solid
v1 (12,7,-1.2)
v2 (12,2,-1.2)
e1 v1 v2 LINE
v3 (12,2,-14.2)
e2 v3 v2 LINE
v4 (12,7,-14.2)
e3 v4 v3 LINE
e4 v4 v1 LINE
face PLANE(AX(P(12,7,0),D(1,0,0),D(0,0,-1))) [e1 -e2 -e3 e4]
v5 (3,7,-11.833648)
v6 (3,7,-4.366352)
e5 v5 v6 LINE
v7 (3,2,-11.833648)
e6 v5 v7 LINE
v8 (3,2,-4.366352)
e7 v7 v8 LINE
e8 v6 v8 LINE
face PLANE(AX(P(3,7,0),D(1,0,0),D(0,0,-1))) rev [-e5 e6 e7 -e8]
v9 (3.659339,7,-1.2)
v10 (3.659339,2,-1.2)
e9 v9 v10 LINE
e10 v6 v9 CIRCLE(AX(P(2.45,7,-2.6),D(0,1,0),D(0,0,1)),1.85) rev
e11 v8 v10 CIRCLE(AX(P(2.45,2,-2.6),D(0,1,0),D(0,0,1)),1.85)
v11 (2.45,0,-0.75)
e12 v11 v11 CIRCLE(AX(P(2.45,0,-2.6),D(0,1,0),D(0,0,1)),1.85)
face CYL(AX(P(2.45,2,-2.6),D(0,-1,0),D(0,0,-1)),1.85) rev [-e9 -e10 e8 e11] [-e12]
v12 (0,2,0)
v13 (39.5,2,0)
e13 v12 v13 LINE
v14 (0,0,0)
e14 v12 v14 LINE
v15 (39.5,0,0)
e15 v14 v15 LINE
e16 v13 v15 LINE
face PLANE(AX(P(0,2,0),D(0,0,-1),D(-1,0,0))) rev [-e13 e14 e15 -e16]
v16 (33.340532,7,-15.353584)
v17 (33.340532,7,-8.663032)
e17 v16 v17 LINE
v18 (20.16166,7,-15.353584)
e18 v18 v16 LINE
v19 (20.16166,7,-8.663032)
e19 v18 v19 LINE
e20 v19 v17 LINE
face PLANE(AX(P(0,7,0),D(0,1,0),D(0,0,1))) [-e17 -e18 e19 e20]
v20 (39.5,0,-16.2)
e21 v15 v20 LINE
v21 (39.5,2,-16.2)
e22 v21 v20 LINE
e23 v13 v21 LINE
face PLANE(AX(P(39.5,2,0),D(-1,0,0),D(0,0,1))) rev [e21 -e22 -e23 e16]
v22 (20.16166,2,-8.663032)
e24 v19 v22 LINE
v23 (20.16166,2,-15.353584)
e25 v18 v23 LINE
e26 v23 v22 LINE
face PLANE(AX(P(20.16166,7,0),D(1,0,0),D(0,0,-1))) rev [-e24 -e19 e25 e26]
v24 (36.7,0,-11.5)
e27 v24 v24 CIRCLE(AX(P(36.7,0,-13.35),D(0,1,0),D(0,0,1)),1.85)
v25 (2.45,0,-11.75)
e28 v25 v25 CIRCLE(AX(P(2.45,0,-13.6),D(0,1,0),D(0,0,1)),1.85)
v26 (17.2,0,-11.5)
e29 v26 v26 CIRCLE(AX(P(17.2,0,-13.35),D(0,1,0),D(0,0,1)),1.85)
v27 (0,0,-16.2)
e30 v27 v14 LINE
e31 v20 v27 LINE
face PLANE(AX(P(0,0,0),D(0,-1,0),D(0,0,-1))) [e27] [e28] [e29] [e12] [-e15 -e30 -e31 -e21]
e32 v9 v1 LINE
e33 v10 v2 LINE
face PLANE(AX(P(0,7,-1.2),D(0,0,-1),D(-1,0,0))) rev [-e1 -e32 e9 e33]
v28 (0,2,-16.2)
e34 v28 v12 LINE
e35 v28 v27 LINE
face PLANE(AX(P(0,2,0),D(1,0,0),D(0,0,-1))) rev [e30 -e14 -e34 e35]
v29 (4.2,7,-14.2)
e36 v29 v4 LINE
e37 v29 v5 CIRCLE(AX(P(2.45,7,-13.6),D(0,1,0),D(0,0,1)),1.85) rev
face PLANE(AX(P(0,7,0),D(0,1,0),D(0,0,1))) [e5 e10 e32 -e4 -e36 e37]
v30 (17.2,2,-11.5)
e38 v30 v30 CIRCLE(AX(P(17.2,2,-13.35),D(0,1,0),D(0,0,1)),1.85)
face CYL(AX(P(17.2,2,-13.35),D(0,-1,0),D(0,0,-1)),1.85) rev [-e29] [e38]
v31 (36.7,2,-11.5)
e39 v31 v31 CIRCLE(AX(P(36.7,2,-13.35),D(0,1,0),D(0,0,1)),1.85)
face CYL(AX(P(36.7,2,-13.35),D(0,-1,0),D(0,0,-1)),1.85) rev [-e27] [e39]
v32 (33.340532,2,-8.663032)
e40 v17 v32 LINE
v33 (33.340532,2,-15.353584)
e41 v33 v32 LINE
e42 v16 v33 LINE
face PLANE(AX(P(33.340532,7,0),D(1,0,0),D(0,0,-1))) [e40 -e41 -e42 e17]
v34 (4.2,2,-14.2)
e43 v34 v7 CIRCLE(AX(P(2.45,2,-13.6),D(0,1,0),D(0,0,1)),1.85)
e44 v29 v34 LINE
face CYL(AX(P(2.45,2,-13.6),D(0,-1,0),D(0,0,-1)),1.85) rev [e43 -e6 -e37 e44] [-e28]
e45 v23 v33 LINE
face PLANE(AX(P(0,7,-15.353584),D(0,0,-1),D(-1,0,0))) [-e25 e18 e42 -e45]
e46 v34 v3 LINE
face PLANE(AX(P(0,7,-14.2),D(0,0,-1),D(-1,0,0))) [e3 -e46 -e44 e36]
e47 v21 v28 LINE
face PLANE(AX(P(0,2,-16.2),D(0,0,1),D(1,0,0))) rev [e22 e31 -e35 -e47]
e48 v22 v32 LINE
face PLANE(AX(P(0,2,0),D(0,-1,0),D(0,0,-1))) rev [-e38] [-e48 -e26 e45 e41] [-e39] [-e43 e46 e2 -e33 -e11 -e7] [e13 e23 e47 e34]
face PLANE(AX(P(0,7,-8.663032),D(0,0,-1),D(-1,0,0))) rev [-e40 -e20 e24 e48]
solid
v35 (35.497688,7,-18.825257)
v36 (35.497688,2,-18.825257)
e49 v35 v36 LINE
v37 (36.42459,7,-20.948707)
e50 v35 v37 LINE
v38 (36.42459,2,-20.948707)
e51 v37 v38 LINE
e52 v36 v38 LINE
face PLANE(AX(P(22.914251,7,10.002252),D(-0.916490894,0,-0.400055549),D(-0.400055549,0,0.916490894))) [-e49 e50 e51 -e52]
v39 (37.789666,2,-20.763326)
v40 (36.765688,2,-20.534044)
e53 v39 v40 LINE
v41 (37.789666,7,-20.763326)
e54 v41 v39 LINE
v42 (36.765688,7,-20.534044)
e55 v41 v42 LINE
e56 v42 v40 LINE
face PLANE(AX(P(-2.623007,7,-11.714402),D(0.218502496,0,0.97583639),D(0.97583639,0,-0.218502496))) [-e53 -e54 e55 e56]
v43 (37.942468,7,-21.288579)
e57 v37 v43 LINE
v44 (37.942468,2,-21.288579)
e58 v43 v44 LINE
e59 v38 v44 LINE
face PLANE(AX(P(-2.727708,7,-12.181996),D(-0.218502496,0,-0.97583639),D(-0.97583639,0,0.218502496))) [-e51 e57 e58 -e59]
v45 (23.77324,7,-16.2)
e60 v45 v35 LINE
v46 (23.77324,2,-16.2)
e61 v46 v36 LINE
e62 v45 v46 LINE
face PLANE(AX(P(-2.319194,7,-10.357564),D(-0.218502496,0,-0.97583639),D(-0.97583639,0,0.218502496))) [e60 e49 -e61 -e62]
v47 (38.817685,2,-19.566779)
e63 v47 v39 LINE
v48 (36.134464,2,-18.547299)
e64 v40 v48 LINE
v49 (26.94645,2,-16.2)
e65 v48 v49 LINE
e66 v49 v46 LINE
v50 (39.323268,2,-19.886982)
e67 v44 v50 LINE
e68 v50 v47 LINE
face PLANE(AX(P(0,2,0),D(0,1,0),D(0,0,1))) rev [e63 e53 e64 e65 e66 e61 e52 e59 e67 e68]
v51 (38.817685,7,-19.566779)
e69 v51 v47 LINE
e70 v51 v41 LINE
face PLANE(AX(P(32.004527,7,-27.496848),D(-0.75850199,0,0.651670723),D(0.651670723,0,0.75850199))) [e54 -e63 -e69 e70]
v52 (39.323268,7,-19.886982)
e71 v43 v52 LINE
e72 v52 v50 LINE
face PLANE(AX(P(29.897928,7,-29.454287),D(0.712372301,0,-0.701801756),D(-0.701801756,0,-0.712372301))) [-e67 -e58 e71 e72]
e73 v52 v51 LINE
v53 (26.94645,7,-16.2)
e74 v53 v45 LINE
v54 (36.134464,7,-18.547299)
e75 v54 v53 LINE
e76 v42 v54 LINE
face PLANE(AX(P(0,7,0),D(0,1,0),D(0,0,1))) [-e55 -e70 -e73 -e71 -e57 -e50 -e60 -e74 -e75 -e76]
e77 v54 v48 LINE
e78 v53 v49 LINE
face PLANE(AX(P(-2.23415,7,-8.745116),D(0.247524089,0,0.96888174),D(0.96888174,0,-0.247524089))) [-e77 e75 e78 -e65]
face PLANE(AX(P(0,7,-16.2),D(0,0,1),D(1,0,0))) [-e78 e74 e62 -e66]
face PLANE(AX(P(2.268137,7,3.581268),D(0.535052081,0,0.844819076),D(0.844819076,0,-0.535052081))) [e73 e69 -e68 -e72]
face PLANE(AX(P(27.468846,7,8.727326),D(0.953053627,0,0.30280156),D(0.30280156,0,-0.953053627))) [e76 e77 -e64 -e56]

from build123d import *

# Parameters (mm, degrees)
SKETCH1_W           = 39.5
SKETCH1_H           = 16.2
SKETCH1_R           = 1.85
BOSS_EXTRUDE1_DEPTH = 2
SKETCH3_W           = 13.178872399
SKETCH3_H           = 6.690552867
BOSS_EXTRUDE2_DEPTH = 5


with BuildPart() as part:
    # Sketch1 → Boss-Extrude1 (new body)
    with BuildSketch(Plane(origin=(0, 0, 0), x_dir=(1, 0, 0), z_dir=(0, 1, 0))):
        with Locations((19.75, 8.1)):
            Rectangle(SKETCH1_W, SKETCH1_H)
        with Locations(Location((2.45, 2.6, 0), (0, 0, 270))):
            Circle(SKETCH1_R, mode=Mode.SUBTRACT)
        with Locations(Location((2.45, 13.6, 0), (0, 0, 270))):
            Circle(SKETCH1_R, mode=Mode.SUBTRACT)
        with Locations(Location((17.2, 13.35, 0), (0, 0, 270))):
            Circle(SKETCH1_R, mode=Mode.SUBTRACT)
        with Locations(Location((36.7, 13.35, 0), (0, 0, 270))):
            Circle(SKETCH1_R, mode=Mode.SUBTRACT)
    extrude(amount=BOSS_EXTRUDE1_DEPTH)

    # Sketch3 → Boss-Extrude2 (add)
    with BuildSketch(Plane(origin=(0, 2, 0), x_dir=(1, 0, 0), z_dir=(0, 1, 0))):
        Polygon((35.497687692, 18.825256707), (23.773240265, 16.2), (26.946450249, 16.2), (36.134464305, 18.547298661), (36.765687587, 20.534044166), (37.789665501, 20.763326177), (38.817684959, 19.566778939), (39.323268299, 19.886981721), (37.942468273, 21.288579371), (36.424590482, 20.948706735), align=None)
        with Locations((26.751095909, 12.008308005)):
            Rectangle(SKETCH3_W, SKETCH3_H)
        with BuildLine():
            Line((12, 14.2), (4.2, 14.2))
            ThreePointArc((4.2, 14.2), (4.099971409, 12.763283592), (3, 11.833647827))
            Line((3, 11.833647827), (3, 4.366352173))
            ThreePointArc((3, 4.366352173), (4.261150091, 2.977141017), (3.659338662, 1.2))
            Line((3.659338662, 1.2), (12, 1.2))
            Line((12, 1.2), (12, 14.2))
        make_face()
    extrude(amount=BOSS_EXTRUDE2_DEPTH)


with BuildPart() as boss_extrude2_piece_1:
    # of the separate pieces the step leaves, piece 1, a body of its own (boss_extrude2_pieces)
    add(part.part.solids().sort_by_distance((0, 0, 0))[0])


with BuildPart() as boss_extrude2_piece_2:
    # of the separate pieces the step leaves, piece 2, a body of its own (boss_extrude2_pieces)
    add(part.part.solids().sort_by_distance((36.424590482, 2, -20.948706735))[0])


solid = Compound([boss_extrude2_piece_1.part, boss_extrude2_piece_2.part])
